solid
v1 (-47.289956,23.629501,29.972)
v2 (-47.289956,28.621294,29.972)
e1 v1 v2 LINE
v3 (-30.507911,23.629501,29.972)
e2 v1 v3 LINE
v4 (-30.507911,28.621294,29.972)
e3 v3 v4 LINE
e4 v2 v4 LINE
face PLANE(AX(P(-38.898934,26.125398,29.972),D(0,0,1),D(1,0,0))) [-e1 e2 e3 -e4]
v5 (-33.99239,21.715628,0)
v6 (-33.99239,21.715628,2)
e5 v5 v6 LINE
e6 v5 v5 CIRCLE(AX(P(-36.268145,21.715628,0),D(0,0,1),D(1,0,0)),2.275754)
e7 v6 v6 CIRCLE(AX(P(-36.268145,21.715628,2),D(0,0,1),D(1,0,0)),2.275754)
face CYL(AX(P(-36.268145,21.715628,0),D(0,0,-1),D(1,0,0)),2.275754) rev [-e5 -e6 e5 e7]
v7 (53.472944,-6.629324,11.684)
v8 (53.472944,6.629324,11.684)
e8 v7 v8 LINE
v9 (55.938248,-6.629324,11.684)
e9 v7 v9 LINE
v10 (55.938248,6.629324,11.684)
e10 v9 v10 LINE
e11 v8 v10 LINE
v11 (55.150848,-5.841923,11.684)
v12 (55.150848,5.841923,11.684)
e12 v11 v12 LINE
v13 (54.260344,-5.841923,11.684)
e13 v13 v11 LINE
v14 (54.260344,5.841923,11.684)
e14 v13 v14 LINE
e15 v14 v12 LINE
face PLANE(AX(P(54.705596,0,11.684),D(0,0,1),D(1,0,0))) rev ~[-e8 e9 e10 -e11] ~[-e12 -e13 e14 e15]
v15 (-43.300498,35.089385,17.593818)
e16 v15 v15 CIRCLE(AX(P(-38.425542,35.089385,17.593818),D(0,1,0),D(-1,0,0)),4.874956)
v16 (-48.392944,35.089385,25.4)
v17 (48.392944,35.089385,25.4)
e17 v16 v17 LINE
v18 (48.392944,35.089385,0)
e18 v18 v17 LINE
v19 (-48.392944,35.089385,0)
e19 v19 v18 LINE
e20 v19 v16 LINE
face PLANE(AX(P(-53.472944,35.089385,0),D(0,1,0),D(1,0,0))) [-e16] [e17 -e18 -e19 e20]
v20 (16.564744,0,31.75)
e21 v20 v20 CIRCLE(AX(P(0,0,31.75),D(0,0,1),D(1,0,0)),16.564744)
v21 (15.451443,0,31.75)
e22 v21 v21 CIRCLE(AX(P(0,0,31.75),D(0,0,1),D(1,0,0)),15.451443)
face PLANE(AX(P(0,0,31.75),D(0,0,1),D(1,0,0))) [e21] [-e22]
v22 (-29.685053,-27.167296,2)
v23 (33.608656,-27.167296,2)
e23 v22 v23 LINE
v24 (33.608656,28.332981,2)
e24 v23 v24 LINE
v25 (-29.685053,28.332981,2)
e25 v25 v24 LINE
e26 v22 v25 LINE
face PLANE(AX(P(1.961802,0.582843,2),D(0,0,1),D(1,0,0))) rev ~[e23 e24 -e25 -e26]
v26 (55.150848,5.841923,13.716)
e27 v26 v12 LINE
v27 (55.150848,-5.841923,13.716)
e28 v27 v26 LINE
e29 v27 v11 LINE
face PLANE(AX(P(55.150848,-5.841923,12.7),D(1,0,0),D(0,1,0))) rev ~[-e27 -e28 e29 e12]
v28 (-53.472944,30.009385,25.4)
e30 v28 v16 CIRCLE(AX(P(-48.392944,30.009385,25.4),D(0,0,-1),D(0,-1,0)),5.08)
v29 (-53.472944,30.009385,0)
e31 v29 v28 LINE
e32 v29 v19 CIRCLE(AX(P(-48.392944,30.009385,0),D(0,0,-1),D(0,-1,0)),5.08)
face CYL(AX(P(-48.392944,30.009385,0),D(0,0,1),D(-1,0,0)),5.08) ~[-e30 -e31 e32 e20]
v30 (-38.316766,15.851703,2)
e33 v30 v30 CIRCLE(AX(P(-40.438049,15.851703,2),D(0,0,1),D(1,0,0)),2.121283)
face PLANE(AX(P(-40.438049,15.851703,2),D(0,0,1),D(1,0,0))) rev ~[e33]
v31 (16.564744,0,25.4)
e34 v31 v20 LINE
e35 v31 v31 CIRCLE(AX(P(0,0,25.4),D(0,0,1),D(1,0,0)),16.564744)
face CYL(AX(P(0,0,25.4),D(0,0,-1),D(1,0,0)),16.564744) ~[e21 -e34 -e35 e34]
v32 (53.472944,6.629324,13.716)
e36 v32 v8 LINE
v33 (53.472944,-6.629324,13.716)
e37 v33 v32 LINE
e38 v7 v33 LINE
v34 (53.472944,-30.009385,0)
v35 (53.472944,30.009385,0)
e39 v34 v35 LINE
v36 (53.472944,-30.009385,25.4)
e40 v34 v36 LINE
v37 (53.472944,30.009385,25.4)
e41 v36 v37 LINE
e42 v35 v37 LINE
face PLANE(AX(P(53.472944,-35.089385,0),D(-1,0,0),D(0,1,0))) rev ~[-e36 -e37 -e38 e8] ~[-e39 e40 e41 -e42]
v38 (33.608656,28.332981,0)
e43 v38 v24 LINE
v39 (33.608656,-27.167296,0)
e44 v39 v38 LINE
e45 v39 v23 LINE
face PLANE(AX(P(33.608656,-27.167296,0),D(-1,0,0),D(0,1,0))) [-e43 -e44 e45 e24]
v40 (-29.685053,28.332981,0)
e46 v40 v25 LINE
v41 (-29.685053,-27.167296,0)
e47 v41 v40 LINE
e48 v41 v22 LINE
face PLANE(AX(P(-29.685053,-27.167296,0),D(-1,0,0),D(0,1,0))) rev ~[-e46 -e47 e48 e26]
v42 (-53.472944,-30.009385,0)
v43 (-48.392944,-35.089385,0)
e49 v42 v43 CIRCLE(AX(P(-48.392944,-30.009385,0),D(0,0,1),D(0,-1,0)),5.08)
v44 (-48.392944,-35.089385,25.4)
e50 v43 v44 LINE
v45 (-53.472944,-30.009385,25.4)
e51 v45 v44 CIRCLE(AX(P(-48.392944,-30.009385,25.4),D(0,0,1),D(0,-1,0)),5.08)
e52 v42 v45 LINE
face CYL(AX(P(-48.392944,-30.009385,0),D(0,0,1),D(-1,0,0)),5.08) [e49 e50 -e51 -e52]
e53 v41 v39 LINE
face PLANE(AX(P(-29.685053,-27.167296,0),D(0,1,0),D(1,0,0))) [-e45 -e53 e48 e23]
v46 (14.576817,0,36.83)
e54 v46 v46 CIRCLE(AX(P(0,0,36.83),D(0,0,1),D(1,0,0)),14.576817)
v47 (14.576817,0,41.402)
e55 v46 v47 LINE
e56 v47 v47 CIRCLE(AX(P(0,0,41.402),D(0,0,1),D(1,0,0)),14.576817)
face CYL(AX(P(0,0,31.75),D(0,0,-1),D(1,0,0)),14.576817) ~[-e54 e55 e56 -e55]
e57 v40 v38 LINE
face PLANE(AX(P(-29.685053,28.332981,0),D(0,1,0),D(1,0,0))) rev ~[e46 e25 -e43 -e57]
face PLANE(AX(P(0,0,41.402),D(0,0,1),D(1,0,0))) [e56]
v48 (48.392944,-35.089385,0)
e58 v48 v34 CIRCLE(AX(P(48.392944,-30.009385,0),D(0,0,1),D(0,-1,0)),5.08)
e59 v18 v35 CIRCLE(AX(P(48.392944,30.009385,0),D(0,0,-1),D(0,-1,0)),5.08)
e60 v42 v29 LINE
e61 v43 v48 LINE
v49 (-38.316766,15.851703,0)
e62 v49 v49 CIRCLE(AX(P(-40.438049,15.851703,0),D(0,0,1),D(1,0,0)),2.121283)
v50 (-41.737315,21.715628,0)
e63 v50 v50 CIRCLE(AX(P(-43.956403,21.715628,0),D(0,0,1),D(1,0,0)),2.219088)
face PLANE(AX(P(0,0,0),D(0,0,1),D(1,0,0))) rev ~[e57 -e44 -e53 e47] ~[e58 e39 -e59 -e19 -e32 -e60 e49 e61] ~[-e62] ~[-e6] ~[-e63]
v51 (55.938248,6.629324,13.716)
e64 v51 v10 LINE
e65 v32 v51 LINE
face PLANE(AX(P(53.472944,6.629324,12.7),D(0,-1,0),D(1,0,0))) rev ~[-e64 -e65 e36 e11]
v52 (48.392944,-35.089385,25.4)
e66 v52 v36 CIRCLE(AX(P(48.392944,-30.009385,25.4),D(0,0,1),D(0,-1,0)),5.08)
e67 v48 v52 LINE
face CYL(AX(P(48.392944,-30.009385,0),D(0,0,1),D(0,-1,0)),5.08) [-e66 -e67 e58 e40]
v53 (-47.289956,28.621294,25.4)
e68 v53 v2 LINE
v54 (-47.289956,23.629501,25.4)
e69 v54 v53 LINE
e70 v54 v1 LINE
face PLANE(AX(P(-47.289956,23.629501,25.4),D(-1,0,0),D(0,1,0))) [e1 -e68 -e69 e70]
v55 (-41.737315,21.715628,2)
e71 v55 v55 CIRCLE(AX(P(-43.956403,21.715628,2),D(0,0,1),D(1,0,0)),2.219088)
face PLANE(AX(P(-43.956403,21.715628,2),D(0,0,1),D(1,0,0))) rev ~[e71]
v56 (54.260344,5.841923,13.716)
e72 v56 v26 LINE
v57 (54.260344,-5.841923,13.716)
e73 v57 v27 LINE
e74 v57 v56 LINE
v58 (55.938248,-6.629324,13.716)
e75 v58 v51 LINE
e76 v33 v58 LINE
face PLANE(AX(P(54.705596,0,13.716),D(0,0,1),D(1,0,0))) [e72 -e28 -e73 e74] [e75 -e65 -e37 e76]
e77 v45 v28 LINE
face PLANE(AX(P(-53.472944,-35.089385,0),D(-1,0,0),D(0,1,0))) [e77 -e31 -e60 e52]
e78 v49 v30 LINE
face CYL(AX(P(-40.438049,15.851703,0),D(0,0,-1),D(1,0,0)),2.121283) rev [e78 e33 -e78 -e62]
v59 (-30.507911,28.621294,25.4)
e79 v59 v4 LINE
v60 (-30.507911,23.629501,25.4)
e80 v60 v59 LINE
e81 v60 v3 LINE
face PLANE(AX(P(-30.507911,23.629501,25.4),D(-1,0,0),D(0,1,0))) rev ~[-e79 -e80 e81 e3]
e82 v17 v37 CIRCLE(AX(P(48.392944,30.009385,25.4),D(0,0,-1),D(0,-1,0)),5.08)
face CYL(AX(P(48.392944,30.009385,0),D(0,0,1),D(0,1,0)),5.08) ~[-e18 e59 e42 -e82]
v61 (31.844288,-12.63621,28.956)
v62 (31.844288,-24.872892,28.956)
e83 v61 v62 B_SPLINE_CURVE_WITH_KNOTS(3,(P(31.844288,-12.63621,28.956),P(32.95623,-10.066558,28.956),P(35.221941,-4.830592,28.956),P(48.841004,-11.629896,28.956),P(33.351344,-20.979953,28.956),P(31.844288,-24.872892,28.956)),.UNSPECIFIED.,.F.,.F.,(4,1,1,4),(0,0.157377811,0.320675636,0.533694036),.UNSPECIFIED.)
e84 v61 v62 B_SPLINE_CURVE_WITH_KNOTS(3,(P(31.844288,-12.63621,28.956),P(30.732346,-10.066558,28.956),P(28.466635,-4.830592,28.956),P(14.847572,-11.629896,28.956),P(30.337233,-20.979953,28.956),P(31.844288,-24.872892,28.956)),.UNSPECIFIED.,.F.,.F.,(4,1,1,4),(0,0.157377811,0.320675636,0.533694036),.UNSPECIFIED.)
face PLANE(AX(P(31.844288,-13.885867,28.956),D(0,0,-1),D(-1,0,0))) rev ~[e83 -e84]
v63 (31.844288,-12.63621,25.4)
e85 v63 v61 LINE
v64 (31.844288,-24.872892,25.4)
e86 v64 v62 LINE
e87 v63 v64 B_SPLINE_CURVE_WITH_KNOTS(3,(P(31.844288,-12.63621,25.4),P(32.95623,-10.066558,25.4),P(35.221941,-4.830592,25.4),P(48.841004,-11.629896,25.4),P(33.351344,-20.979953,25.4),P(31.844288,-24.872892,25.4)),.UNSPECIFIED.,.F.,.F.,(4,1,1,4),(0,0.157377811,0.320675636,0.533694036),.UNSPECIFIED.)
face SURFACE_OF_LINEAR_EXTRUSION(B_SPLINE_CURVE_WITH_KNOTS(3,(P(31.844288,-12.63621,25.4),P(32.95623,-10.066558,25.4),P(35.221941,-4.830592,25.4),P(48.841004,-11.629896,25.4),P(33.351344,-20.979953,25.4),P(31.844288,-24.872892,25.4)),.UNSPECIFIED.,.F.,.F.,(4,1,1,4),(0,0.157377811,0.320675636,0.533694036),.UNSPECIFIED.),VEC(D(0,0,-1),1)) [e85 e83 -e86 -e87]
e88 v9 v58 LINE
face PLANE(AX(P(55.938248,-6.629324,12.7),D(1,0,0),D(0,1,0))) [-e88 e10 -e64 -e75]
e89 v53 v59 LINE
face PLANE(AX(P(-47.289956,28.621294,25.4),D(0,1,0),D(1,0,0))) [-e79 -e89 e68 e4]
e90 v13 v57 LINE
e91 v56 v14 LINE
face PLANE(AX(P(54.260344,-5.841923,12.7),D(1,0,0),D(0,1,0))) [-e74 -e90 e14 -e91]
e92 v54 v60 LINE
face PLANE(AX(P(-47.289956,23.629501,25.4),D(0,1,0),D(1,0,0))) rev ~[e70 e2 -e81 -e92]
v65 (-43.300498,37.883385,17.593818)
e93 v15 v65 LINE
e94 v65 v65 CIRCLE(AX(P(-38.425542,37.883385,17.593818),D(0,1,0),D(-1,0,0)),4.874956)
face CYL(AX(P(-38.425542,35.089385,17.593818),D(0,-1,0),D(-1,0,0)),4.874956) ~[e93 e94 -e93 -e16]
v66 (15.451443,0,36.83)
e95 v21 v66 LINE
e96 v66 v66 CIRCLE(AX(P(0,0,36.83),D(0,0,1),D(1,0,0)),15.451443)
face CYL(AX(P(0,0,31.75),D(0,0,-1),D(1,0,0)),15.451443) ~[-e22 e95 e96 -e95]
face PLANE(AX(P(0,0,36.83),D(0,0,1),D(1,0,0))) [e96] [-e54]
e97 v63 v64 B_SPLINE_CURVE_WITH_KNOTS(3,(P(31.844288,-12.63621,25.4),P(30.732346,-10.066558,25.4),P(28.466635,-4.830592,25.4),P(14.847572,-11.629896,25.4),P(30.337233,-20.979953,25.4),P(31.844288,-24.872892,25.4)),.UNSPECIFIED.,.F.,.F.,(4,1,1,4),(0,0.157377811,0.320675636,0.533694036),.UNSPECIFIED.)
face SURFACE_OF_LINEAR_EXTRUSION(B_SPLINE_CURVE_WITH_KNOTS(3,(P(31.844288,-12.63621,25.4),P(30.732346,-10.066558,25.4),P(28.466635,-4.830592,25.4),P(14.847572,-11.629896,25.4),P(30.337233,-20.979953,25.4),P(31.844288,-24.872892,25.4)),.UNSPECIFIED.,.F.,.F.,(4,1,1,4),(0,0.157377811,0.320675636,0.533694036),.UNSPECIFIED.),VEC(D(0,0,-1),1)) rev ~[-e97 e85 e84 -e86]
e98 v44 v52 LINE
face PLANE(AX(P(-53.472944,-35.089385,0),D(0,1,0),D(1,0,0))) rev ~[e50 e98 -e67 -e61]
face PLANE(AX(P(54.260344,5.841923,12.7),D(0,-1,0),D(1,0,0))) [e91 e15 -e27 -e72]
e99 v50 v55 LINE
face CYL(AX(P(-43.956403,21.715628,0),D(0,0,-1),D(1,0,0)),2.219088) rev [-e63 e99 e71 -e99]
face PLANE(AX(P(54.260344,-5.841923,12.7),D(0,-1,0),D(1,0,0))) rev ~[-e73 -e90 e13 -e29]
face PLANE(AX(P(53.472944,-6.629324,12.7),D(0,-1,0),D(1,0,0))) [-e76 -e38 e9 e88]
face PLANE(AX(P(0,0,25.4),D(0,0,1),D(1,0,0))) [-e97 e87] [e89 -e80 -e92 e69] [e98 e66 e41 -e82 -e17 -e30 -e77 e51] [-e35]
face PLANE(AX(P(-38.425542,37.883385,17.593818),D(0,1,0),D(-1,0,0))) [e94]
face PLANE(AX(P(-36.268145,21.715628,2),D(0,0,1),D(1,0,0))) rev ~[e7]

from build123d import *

# Parameters (mm, degrees)
F0_W      = 106.945887208
F0_H      = 70.1787695289
F1_DEPTH  = 25.4
F2_R      = 16.5647442007
F3_DEPTH  = 6.35
F4_R      = 15.4514430259
F4_R_2    = 14.5768166451
F5_DEPTH  = 5.08
F6_W      = 16.7820453644
F6_H      = 4.9917921424
F7_DEPTH  = 4.572
F9_DEPTH  = 3.556
F10_R     = 4.8749560022
F11_DEPTH = 2.794
F12_R     = 5.08
F15_W     = 2.4653045057
F15_H     = 13.2586471736
F15_W_2   = 0.8905041559
F15_H_2   = 11.6838468239
F16_DEPTH = 1.016
F17_W     = 63.2937094197
F17_H     = 55.5002773181
F17_R     = 2.1212827151
F17_R_2   = 2.2190878442
F17_R_3   = 2.2757544949
F18_DEPTH = 2
F19_DEPTH = 9.652


with BuildPart() as f1:
    # F0 (on Top) → F1 (new body)
    with BuildSketch(Plane.XY):
        Rectangle(F0_W, F0_H)
    extrude(amount=F1_DEPTH)

    # F2 (on face) → F3 (join)
    with BuildSketch(Plane.XY.offset(25.4)):
        Circle(F2_R)
    extrude(amount=F3_DEPTH)

    # F4 (on face) → F5 (join)
    with BuildSketch(Plane.XY.offset(31.75)):
        Circle(F4_R)
        Circle(F4_R_2, mode=Mode.SUBTRACT)
    extrude(amount=F5_DEPTH)

    # F6 (on face) → F7 (join)
    with BuildSketch(Plane.XY.offset(25.4)):
        with Locations((-38.8989336789, 26.1253975332)):
            Rectangle(F6_W, F6_H)
    extrude(amount=F7_DEPTH)

    # F8 (on face) → F9 (join)
    with BuildSketch(Plane.XY.offset(25.4)):
        with BuildLine():
            add(Edge.make_bspline(
                [(31.8442881107, -12.6362098381), (32.9562300538, -10.0665577137), (35.221941382, -4.8305919654), (48.841003928, -11.6298962751), (33.3513436417, -20.9799528384), (31.8442881107, -24.8728917222)],
                knots=[0, 0, 0, 0, 0.1573778113, 0.3206756361, 0.533694036, 0.533694036, 0.533694036, 0.533694036], degree=3))
            add(Edge.make_bspline(
                [(31.8442881107, -12.6362098381), (30.7323461677, -10.0665577137), (28.4666348395, -4.8305919654), (14.8475722934, -11.6298962751), (30.3372325798, -20.9799528384), (31.8442881107, -24.8728917222)],
                knots=[0, 0, 0, 0, 0.1573778113, 0.3206756361, 0.533694036, 0.533694036, 0.533694036, 0.533694036], degree=3))
        make_face()
    extrude(amount=F9_DEPTH)

    # F10 (on face) → F11 (join)
    with BuildSketch(Plane(origin=(0, 35.0893847644, 0), x_dir=(-1, 0, 0), z_dir=(0, 1, 0))):
        with Locations((38.4255424142, 17.5938177854)):
            Circle(F10_R)
    extrude(amount=F11_DEPTH)

    # F12
    f12_edges = [f1.edges().sort_by_distance(p)[0] for p in [
        (53.472944, 35.089385, 12.7),
        (53.472944, -35.089385, 12.7),
        (-53.472944, 35.089385, 12.7),
        (-53.472944, -35.089385, 12.7),
    ]]
    fillet(f12_edges, radius=F12_R)

    # F15 (on plane+point) → F16 (join, symmetric)
    with BuildSketch(Plane.XY.offset(12.7)):
        with Locations((54.7055958568, 0)):
            Rectangle(F15_W, F15_H)
        with Locations((54.7055958568, 0)):
            Rectangle(F15_W_2, F15_H_2, mode=Mode.SUBTRACT)
    extrude(amount=F16_DEPTH, both=True)

    # F17 (on Top) → F18 (cut)
    with BuildSketch(Plane.XY):
        with Locations((1.9618016668, 0.582842622)):
            Rectangle(F17_W, F17_H)
        with Locations((-40.4380485415, 15.8517025411)):
            Circle(F17_R)
        with Locations((-43.9564026892, 21.7156279832)):
            Circle(F17_R_2)
        with Locations((-36.268144846, 21.7156279832)):
            Circle(F17_R_3)
    extrude(amount=F18_DEPTH, mode=Mode.SUBTRACT)

    # F19 (add): a face of the model
    f19_faces = [f1.faces().sort_by_distance(p)[0] for p in [
        (0, 0, 31.75),
    ]]
    extrude(f19_faces, amount=F19_DEPTH)


solid = f1.part
